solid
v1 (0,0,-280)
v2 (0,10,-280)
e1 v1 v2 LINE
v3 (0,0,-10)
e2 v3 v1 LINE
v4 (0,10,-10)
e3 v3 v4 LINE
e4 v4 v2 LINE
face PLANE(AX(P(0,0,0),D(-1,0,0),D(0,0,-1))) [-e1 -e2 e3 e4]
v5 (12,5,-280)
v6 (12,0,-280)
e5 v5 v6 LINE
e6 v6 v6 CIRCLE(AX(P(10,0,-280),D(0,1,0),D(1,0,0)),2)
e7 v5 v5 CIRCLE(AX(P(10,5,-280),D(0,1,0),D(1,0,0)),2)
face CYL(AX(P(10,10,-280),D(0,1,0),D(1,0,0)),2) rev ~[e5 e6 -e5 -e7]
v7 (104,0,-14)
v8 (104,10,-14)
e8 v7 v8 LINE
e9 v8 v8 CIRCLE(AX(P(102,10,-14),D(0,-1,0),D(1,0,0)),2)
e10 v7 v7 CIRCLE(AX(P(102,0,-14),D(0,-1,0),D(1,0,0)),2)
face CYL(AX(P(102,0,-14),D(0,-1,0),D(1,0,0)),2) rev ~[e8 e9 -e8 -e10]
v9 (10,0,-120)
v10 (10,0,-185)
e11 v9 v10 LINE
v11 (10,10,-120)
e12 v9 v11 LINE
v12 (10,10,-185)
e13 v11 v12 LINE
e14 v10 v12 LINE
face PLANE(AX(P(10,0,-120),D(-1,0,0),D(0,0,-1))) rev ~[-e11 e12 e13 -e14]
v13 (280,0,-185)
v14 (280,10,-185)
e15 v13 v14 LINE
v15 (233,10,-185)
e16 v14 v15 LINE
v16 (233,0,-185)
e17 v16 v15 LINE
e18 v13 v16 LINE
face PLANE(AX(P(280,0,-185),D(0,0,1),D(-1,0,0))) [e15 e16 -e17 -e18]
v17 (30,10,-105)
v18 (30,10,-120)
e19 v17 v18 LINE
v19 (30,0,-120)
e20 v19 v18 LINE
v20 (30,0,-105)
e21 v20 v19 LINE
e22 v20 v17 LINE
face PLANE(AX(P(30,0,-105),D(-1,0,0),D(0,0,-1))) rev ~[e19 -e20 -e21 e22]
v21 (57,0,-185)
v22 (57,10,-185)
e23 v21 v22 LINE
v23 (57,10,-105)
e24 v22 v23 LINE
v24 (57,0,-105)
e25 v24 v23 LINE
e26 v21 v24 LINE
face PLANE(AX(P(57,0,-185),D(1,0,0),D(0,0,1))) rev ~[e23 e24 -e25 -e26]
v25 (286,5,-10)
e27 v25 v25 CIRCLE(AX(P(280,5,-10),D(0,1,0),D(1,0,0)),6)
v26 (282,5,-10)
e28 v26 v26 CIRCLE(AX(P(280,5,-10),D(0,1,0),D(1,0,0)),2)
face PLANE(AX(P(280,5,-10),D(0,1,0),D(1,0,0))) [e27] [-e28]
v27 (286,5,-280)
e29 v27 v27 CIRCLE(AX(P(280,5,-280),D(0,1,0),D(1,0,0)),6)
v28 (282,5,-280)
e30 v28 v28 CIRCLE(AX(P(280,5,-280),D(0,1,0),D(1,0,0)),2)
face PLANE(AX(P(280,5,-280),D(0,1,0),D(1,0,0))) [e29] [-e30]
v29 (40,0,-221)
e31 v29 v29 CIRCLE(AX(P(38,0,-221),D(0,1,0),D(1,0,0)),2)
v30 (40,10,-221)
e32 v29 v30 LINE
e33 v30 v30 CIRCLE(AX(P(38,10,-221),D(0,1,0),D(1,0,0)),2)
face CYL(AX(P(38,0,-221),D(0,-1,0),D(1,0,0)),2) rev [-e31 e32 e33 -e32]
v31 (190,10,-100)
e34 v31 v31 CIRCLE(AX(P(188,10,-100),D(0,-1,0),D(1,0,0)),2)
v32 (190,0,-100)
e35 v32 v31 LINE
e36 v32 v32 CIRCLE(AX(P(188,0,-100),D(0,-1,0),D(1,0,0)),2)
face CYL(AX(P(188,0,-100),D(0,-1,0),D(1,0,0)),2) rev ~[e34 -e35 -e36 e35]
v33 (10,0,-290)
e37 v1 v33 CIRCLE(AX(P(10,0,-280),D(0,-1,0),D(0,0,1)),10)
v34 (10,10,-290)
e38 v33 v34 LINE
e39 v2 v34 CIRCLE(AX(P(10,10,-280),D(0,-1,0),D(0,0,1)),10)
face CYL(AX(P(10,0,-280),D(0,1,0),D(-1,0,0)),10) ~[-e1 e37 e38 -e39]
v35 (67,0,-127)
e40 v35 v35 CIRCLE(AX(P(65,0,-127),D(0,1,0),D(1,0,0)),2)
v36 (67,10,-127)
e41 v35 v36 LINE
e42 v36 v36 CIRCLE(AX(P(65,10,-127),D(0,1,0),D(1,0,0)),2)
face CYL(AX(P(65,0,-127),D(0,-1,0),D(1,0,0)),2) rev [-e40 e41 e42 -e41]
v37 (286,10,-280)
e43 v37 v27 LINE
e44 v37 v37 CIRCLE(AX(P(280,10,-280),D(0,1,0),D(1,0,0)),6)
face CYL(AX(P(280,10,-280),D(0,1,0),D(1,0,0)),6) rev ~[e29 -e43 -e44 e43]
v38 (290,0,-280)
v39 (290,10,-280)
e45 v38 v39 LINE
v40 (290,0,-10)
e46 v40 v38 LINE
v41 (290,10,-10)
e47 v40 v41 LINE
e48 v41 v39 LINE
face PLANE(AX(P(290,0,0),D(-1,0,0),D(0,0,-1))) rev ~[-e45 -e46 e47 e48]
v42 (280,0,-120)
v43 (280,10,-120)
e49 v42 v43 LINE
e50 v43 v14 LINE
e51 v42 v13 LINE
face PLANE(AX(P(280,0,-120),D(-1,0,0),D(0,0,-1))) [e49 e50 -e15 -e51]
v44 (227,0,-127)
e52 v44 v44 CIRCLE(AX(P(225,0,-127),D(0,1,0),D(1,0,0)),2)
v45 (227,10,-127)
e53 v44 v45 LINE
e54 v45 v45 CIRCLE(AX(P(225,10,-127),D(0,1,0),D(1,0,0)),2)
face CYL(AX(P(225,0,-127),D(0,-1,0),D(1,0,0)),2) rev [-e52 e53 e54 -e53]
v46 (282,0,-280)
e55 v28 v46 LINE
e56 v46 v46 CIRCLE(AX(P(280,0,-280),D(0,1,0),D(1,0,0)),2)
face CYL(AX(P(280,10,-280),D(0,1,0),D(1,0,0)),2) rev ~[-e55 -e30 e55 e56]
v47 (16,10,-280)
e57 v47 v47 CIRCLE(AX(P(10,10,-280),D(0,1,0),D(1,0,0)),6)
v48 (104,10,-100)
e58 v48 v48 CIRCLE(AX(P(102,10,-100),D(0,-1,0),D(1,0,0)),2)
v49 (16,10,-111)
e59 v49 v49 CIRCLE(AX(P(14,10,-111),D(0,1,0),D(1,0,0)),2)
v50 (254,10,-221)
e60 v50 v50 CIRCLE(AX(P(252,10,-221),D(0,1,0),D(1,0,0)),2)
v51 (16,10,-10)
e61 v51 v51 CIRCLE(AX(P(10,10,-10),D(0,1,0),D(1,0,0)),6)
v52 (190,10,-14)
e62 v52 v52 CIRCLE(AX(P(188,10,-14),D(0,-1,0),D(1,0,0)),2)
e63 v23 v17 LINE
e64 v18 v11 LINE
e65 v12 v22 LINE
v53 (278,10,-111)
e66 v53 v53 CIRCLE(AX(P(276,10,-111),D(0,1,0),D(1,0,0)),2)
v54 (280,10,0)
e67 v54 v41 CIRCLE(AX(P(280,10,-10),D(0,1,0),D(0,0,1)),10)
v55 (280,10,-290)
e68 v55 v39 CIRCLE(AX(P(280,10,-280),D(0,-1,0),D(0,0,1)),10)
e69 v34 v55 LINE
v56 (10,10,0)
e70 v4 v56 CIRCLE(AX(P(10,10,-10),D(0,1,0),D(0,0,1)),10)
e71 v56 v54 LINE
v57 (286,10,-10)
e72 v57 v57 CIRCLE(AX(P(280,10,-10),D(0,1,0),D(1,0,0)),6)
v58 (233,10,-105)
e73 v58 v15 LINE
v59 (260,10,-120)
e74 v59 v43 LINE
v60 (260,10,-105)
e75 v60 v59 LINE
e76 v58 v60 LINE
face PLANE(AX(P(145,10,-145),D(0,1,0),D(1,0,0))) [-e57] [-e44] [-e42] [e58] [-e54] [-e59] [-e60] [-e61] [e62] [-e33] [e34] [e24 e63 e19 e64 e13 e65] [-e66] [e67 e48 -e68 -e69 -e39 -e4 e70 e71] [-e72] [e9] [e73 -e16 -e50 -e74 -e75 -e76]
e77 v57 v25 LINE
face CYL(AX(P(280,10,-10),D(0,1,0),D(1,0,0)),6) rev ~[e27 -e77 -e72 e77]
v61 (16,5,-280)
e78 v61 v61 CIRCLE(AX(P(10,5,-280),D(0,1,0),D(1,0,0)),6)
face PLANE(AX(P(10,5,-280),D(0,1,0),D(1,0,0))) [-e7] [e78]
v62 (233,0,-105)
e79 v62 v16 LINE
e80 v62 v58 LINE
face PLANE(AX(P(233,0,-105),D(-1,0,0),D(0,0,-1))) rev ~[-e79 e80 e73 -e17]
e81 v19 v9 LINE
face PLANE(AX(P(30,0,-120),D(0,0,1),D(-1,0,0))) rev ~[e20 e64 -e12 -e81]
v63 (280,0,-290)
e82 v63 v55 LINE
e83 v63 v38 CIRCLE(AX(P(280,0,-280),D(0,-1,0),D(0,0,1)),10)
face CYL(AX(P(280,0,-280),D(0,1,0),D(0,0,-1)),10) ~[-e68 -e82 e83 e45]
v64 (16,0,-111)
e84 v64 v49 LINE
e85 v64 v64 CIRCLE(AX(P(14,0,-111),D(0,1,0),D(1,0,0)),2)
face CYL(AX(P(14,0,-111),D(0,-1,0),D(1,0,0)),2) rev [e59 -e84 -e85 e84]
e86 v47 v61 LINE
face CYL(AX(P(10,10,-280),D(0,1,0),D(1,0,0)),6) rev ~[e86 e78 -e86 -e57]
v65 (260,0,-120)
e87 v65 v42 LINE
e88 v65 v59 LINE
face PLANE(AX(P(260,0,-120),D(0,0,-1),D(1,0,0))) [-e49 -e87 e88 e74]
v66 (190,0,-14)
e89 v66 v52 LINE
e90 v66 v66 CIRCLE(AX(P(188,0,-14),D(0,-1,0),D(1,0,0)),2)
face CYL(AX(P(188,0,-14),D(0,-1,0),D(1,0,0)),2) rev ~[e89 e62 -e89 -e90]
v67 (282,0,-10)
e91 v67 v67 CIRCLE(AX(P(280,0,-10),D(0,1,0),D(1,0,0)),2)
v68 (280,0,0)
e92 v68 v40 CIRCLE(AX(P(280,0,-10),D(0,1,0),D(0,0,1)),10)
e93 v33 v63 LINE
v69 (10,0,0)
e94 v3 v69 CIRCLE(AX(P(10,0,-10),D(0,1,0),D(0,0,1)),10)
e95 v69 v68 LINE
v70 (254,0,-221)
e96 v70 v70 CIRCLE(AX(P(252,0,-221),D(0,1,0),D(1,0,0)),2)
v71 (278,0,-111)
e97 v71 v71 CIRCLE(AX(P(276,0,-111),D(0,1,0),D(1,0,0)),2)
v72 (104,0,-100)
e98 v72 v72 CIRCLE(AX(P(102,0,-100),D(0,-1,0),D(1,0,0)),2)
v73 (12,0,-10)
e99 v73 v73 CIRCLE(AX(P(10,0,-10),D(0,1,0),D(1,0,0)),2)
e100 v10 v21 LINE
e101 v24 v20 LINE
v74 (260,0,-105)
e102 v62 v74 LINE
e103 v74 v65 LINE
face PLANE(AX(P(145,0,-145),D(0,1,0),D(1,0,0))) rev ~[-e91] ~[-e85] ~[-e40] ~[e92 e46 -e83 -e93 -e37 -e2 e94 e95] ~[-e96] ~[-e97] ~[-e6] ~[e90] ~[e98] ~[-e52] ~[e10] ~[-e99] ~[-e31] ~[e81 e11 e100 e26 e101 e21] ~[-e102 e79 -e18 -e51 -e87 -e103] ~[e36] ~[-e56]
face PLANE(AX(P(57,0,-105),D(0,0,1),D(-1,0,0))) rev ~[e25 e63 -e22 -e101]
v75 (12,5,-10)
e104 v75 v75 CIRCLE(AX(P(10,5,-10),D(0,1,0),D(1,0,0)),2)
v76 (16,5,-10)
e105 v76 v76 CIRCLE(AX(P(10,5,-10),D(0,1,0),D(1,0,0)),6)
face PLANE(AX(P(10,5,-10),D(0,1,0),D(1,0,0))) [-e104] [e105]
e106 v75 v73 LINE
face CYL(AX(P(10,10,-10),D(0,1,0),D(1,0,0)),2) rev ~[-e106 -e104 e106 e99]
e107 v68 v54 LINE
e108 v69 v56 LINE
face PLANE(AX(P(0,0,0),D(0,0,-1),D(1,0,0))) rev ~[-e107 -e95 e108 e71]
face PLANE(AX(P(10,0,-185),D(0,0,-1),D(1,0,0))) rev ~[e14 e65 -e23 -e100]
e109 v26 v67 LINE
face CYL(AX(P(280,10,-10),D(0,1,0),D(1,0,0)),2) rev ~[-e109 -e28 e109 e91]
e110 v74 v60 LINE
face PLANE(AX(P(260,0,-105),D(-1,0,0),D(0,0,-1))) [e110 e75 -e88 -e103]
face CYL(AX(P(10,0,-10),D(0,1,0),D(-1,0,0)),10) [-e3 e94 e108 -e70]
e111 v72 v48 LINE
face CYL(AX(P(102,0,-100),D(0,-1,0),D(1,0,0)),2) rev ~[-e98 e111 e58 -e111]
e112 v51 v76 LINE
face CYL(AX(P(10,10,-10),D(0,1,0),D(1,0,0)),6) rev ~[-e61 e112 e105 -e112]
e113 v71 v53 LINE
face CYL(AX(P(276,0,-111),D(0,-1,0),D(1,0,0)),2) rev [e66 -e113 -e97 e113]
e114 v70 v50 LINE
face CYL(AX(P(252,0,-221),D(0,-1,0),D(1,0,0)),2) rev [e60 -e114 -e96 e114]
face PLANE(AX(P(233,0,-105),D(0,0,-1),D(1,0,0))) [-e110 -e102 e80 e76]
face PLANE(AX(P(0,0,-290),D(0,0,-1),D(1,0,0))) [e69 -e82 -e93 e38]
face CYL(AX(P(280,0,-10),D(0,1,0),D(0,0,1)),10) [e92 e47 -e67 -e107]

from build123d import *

# Parameters (mm, degrees)
ESQUISSE2_W             = 290
ESQUISSE2_H             = 290
ESQUISSE2_R             = 2
BOSS_EXTRU_1_DEPTH      = 10
ESQUISSE3_R             = 2
ENL_V_MAT_EXTRU_1_DEPTH = 10
CONG_1_R                = 10
ESQUISSE4_R             = 6
ENL_V_MAT_EXTRU_2_DEPTH = 5
ESQUISSE5_R             = 2
ENL_V_MAT_EXTRU_3_DEPTH = 10


with BuildPart() as part:
    # Esquisse2 → Boss.-Extru.1 (new body)
    with BuildSketch(Plane(origin=(0, 0, 0), x_dir=(1, 0, 0), z_dir=(0, 1, 0))):
        with Locations((145, 145)):
            Rectangle(ESQUISSE2_W, ESQUISSE2_H)
        with Locations((276, 111)):
            Circle(ESQUISSE2_R, mode=Mode.SUBTRACT)
        with Locations((225, 127)):
            Circle(ESQUISSE2_R, mode=Mode.SUBTRACT)
        with Locations((252, 221)):
            Circle(ESQUISSE2_R, mode=Mode.SUBTRACT)
        with Locations((14, 111)):
            Circle(ESQUISSE2_R, mode=Mode.SUBTRACT)
        with Locations((65, 127)):
            Circle(ESQUISSE2_R, mode=Mode.SUBTRACT)
        with Locations((38, 221)):
            Circle(ESQUISSE2_R, mode=Mode.SUBTRACT)
        Polygon((233, 185), (233, 145), (233, 105), (260, 105), (260, 120), (280, 120), (280, 185), align=None, mode=Mode.SUBTRACT)
        Polygon((30, 105), (30, 120), (10, 120), (10, 185), (57, 185), (57, 145), (57, 105), align=None, mode=Mode.SUBTRACT)
    extrude(amount=BOSS_EXTRU_1_DEPTH)

    # Esquisse3 → Enlèv. mat.-Extru.1 (cut)
    with BuildSketch(Plane(origin=(0, 10, 0), x_dir=(1, 0, 0), z_dir=(0, 1, 0))):
        with Locations((10, 280)):
            Circle(ESQUISSE3_R)
        with Locations((280, 280)):
            Circle(ESQUISSE3_R)
        with Locations((280, 10)):
            Circle(ESQUISSE3_R)
        with Locations((10, 10)):
            Circle(ESQUISSE3_R)
    extrude(amount=-ENL_V_MAT_EXTRU_1_DEPTH, mode=Mode.SUBTRACT)

    # Congé1
    cong_1_edges = [part.edges().sort_by_distance(p)[0] for p in [
        (0, 5, -290),
        (290, 5, -290),
        (290, 5, 0),
        (0, 5, 0),
    ]]
    fillet(cong_1_edges, radius=CONG_1_R)

    # Esquisse4 → Enlèv. mat.-Extru.2 (cut)
    with BuildSketch(Plane(origin=(0, 10, 0), x_dir=(1, 0, 0), z_dir=(0, 1, 0))):
        with Locations((10, 280)):
            Circle(ESQUISSE4_R)
        with Locations((280, 280)):
            Circle(ESQUISSE4_R)
        with Locations((280, 10)):
            Circle(ESQUISSE4_R)
        with Locations((10, 10)):
            Circle(ESQUISSE4_R)
    extrude(amount=-ENL_V_MAT_EXTRU_2_DEPTH, mode=Mode.SUBTRACT)

    # Esquisse5 → Enlèv. mat.-Extru.3 (cut)
    with BuildSketch(Plane.XZ):
        with Locations((102, -14)):
            Circle(ESQUISSE5_R)
        with Locations((188, -14)):
            Circle(ESQUISSE5_R)
        with Locations((188, -100)):
            Circle(ESQUISSE5_R)
        with Locations((102, -100)):
            Circle(ESQUISSE5_R)
    extrude(amount=-ENL_V_MAT_EXTRU_3_DEPTH, mode=Mode.SUBTRACT)


solid = part.part
